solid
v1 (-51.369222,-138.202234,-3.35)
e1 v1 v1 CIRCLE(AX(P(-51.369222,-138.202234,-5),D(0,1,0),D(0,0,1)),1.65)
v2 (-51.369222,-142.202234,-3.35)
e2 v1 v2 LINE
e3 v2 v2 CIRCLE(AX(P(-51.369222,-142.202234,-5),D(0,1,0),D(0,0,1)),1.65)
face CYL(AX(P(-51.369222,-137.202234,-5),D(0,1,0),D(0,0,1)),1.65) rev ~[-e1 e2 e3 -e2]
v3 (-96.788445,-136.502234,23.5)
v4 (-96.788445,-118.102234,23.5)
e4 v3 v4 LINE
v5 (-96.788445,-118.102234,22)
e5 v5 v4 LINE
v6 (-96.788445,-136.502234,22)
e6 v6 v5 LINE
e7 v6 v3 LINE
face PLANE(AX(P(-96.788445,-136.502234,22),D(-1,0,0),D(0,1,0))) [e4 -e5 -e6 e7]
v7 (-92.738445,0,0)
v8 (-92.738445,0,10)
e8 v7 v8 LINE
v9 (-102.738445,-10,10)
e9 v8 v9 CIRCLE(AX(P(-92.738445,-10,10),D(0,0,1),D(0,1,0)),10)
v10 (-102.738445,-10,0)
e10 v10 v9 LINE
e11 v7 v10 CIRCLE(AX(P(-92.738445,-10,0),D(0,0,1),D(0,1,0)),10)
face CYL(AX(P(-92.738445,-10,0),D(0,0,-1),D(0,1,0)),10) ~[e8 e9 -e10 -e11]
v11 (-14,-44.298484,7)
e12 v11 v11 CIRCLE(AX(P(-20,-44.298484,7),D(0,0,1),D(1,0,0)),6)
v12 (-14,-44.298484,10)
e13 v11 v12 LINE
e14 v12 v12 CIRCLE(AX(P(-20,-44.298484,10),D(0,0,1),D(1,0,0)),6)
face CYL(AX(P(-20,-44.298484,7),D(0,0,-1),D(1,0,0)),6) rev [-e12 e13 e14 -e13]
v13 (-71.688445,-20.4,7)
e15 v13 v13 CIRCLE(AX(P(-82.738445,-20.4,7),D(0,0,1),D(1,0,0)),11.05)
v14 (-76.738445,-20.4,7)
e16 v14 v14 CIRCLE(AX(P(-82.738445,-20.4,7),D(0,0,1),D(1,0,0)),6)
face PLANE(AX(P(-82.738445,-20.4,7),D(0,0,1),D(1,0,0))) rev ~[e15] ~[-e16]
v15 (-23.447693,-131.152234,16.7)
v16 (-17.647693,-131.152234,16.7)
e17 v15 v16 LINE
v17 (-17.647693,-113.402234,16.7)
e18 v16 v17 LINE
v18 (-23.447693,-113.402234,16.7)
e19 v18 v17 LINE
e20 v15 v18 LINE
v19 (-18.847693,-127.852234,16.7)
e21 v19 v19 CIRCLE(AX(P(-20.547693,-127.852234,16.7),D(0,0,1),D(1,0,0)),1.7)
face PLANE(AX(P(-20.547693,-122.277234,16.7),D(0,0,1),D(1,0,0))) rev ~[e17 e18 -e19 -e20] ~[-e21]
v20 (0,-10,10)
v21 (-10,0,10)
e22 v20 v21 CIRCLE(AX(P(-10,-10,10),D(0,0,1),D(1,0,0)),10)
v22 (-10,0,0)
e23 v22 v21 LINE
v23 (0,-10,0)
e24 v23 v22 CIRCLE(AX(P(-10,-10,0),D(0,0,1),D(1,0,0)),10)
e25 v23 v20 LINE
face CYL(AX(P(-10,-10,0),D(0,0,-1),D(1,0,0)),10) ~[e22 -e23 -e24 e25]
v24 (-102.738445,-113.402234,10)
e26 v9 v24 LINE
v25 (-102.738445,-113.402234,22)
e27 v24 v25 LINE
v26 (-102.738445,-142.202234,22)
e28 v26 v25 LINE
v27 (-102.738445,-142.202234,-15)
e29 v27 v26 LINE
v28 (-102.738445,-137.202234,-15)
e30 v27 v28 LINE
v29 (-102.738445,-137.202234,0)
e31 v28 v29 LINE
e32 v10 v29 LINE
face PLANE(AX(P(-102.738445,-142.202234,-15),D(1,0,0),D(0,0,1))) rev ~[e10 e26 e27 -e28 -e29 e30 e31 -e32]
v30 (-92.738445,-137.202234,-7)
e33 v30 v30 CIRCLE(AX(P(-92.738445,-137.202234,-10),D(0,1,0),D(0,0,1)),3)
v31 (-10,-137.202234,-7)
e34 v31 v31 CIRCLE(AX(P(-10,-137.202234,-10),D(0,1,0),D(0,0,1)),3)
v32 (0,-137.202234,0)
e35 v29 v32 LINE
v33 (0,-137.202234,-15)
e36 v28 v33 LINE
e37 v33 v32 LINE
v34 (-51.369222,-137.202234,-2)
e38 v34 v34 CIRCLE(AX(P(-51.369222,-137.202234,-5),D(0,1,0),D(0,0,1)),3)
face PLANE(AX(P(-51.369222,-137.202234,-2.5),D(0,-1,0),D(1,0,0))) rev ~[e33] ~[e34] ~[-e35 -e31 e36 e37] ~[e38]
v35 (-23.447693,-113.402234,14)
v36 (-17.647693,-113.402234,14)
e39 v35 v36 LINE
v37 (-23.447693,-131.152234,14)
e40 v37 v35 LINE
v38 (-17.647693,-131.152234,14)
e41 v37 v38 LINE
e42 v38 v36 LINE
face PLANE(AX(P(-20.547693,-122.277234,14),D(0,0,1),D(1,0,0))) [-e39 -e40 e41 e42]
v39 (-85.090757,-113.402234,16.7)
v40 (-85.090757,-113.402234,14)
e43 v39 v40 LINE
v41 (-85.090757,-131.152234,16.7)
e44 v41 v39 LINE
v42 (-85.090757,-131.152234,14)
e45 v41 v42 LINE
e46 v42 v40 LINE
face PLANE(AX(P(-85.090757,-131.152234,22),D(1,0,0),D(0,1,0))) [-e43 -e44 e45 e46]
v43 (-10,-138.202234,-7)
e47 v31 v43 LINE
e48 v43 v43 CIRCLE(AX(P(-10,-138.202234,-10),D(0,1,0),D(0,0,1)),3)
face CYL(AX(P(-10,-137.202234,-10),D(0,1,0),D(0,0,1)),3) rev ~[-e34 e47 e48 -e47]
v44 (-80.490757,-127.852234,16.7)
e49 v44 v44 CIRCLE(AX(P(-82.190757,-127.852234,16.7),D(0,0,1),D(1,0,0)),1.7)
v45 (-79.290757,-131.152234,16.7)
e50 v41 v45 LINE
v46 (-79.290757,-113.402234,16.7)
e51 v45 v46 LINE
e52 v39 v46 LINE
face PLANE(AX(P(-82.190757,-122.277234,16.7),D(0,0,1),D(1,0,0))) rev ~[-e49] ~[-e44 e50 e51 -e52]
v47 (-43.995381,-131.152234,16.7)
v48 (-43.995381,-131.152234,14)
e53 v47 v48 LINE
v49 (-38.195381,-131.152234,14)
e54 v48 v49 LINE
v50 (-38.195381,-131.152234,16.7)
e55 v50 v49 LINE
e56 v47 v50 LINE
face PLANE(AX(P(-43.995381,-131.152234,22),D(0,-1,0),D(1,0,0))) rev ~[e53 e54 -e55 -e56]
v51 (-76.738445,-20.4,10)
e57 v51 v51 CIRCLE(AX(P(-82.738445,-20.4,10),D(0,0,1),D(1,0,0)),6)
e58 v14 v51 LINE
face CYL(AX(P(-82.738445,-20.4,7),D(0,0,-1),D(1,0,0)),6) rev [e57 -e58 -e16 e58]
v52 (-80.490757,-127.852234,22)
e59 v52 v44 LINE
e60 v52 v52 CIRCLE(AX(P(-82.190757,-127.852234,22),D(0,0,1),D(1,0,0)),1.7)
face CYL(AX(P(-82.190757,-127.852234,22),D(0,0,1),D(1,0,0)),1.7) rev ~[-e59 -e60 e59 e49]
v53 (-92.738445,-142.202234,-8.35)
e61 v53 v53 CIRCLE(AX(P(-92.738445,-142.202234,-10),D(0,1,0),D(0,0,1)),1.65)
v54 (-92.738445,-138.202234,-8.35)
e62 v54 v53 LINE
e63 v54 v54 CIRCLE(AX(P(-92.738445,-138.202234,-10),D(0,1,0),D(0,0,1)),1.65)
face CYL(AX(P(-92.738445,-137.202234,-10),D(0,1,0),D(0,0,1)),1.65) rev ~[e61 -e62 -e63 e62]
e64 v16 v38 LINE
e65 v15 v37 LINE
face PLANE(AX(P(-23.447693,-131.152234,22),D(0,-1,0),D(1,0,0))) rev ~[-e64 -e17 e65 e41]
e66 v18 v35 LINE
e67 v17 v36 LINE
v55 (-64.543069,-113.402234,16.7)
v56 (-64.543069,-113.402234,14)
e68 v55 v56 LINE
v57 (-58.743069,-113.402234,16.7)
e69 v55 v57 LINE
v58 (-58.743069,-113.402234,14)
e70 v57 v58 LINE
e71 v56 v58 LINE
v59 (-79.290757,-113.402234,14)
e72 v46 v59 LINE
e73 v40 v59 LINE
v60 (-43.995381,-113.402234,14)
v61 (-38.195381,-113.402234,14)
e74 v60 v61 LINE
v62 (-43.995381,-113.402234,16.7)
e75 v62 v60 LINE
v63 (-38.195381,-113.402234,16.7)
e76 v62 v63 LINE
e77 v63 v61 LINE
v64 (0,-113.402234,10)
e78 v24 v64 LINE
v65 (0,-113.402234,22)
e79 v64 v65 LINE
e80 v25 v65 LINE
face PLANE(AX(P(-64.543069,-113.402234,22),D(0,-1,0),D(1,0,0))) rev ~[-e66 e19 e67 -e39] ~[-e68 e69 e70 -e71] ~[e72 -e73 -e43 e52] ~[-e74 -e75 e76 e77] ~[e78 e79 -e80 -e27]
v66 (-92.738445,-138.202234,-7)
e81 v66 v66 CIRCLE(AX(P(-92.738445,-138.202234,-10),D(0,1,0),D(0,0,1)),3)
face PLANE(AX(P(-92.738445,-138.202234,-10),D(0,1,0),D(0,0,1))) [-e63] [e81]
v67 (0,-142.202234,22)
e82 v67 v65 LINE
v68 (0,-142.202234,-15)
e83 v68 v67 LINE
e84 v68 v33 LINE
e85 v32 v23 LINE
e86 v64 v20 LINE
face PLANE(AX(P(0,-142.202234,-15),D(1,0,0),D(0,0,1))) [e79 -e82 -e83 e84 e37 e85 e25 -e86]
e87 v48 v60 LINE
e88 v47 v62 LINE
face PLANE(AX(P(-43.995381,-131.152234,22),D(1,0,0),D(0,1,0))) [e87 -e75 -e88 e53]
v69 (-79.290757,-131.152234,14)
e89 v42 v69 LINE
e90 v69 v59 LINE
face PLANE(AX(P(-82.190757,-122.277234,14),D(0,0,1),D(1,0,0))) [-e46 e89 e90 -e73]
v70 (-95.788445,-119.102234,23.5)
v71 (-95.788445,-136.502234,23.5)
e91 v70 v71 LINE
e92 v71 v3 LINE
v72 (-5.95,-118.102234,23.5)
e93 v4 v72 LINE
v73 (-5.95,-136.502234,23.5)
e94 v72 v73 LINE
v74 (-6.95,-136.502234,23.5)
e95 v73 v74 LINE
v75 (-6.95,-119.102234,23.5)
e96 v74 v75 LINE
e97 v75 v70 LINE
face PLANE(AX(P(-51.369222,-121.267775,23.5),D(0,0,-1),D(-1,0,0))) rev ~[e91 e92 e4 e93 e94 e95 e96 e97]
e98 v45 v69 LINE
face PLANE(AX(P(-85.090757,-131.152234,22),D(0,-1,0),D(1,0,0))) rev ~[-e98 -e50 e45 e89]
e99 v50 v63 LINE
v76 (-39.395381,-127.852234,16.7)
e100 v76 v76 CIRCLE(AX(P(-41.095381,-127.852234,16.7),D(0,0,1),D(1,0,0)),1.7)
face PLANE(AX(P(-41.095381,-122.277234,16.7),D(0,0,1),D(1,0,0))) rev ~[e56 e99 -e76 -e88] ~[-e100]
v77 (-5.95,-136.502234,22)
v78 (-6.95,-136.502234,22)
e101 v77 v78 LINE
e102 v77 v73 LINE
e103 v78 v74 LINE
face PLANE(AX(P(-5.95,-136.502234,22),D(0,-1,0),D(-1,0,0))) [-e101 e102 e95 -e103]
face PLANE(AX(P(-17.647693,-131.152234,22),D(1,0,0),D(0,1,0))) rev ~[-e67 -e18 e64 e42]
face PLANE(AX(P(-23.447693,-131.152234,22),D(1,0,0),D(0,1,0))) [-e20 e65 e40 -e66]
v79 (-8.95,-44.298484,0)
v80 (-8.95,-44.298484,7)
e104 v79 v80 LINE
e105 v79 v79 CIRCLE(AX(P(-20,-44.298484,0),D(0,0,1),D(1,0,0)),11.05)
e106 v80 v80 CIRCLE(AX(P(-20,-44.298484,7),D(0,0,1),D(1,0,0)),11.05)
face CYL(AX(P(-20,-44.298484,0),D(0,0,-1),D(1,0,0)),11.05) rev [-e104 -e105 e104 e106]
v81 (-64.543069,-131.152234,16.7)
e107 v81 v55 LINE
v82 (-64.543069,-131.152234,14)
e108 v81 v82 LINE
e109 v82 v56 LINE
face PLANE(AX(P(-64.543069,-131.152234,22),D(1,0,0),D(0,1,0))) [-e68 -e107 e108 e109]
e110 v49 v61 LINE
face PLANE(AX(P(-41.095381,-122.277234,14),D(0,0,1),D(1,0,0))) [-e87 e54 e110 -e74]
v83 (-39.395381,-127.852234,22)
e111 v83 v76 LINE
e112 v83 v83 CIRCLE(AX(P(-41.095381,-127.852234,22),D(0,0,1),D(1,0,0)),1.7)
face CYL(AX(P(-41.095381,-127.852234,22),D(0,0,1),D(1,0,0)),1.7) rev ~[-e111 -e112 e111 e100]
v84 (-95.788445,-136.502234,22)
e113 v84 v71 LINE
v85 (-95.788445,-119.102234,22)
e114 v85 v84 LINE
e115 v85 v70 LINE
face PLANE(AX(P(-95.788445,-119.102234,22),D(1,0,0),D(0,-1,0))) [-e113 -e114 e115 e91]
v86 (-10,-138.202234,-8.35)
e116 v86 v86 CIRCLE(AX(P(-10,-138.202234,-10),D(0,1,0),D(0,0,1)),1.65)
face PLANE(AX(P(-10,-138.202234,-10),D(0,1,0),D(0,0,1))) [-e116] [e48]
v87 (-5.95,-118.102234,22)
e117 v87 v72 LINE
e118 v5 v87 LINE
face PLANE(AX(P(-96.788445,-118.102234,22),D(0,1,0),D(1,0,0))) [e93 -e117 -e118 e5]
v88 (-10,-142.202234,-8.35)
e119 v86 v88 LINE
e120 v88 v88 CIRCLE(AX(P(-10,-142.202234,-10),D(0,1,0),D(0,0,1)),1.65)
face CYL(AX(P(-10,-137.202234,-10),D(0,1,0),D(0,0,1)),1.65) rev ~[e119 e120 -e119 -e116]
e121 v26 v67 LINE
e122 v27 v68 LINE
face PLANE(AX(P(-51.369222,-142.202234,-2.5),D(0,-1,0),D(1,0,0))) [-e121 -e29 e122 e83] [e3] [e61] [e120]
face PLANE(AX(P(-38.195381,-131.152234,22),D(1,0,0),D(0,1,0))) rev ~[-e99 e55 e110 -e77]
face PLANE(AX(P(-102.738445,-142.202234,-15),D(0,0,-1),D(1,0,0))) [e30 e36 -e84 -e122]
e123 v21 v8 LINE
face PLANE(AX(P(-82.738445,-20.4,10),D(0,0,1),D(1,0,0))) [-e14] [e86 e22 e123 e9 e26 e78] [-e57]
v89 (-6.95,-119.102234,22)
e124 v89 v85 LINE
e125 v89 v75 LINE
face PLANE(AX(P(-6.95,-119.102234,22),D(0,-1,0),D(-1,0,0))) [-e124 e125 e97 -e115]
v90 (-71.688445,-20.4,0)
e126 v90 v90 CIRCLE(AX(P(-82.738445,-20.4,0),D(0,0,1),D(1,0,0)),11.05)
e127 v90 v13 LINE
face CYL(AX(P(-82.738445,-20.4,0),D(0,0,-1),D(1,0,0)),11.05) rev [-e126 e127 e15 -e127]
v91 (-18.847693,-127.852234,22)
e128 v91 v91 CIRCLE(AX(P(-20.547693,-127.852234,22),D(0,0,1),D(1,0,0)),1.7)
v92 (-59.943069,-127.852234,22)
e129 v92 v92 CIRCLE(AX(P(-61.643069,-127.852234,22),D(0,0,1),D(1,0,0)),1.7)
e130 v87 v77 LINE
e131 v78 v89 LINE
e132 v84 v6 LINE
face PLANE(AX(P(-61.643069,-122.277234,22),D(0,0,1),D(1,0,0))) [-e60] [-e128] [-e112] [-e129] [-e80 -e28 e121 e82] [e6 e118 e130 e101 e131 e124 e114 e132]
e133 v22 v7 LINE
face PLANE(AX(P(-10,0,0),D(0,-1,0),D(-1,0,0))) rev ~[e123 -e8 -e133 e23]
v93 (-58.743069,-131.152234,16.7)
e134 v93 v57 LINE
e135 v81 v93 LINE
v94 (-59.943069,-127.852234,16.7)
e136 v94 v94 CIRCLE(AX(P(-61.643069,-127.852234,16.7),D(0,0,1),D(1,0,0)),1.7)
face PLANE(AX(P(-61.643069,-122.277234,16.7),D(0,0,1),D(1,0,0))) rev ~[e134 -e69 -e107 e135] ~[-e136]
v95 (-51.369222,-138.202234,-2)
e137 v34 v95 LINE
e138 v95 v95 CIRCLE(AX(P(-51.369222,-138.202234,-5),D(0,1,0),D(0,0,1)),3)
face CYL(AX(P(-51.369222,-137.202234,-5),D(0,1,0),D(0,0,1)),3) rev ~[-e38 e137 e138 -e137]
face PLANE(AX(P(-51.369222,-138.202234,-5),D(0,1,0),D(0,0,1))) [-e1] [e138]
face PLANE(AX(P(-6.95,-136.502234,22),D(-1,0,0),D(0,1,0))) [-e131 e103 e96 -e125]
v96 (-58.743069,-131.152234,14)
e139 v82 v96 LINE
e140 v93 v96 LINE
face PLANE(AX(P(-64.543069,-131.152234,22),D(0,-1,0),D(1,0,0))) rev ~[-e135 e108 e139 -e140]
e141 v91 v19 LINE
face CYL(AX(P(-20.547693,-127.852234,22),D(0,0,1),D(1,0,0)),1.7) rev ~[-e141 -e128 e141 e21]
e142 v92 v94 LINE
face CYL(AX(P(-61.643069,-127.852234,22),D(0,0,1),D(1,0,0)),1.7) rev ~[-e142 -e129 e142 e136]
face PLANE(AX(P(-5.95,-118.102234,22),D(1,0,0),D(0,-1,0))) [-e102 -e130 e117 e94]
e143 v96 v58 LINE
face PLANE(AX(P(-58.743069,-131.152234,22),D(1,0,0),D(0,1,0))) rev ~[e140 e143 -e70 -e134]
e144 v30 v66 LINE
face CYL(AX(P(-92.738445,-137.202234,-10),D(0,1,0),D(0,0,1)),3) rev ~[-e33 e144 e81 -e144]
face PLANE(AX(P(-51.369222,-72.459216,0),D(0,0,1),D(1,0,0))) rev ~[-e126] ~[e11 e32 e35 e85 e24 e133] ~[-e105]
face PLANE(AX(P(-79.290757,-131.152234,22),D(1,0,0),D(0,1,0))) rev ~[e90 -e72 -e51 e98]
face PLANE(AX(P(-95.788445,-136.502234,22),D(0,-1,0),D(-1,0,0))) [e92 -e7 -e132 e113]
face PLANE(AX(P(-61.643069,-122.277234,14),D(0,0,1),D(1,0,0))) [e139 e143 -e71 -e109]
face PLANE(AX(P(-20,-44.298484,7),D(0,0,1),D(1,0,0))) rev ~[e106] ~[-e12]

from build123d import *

# Parameters (mm, degrees)
SKETCH2_R           = 11.05
BOSS_EXTRUDE2_DEPTH = 10
BOSS_EXTRUDE3_START = 7
SKETCH2_4_R         = 11.05
SKETCH2_4_R_2       = 6
BOSS_EXTRUDE3_DEPTH = 3
SKETCH3_W           = 102.73844499
SKETCH3_H           = 28.8
BOSS_EXTRUDE4_DEPTH = 12
SKETCH4_W           = 5.8
SKETCH4_H           = 17.75
CUT_EXTRUDE2_DEPTH  = 8
SKETCH4_7_W         = 5.8
SKETCH4_7_H         = 17.75
SKETCH4_7_R         = 1.7
BOSS_EXTRUDE5_DEPTH = 5.3
BOSS_EXTRUDE6_DEPTH = 1.5
SKETCH6_W           = 102.73844499
SKETCH6_H           = 25
BOSS_EXTRUDE7_DEPTH = 5
SKETCH7_R           = 1.65
CUT_EXTRUDE3_DEPTH  = 5
SKETCH7_6_R         = 3
SKETCH7_6_R_2       = 1.65
CUT_EXTRUDE4_DEPTH  = 1


with BuildPart() as part:
    # Sketch2 → Boss-Extrude2 (new body)
    with BuildSketch(Plane.XY):
        with BuildLine():
            ThreePointArc((0, -10), (-2.928932188, -2.928932188), (-10, 0))
            Line((-10, 0), (-92.73844499, 0))
            ThreePointArc((-92.73844499, 0), (-99.809512802, -2.928932188), (-102.73844499, -10))
            Line((-102.73844499, -10), (-102.73844499, -142.20223365))
            Line((-102.73844499, -142.20223365), (0, -142.20223365))
            Line((0, -142.20223365), (0, -10))
        make_face()
        with Locations((-82.73844499, -20.4)):
            Circle(SKETCH2_R, mode=Mode.SUBTRACT)
        with Locations((-20, -44.29848365)):
            Circle(SKETCH2_R, mode=Mode.SUBTRACT)
    extrude(amount=BOSS_EXTRUDE2_DEPTH)

    # Sketch2<4> → Boss-Extrude3 (add)
    # profile 1 of 2: a face of its own
    with BuildSketch(Plane.XY.offset(BOSS_EXTRUDE3_START)):
        with Locations((-82.73844499, -20.4)):
            Circle(SKETCH2_4_R)
        with Locations((-82.73844499, -20.4)):
            Circle(SKETCH2_4_R_2, mode=Mode.SUBTRACT)
    # profile 2 of 2: a face of its own
    with BuildSketch(Plane.XY.offset(BOSS_EXTRUDE3_START)):
        with Locations((-20, -44.29848365)):
            Circle(SKETCH2_4_R)
        with Locations((-20, -44.29848365)):
            Circle(SKETCH2_4_R_2, mode=Mode.SUBTRACT)
    extrude(amount=BOSS_EXTRUDE3_DEPTH)

    # Sketch3 → Boss-Extrude4 (add)
    with BuildSketch(Plane.XY.offset(10)):
        with Locations((-51.369222495, -127.80223365)):
            Rectangle(SKETCH3_W, SKETCH3_H)
    extrude(amount=BOSS_EXTRUDE4_DEPTH)

    # Sketch4 → Cut-Extrude2 (cut)
    with BuildSketch(Plane.XY.offset(22)):
        with Locations((-61.64306899, -122.27723365)):
            Rectangle(SKETCH4_W, SKETCH4_H)
        with Locations((-82.19075699, -122.27723365)):
            Rectangle(SKETCH4_W, SKETCH4_H)
        with Locations((-41.09538099, -122.27723365)):
            Rectangle(SKETCH4_W, SKETCH4_H)
        with Locations((-20.54769299, -122.27723365)):
            Rectangle(SKETCH4_W, SKETCH4_H)
    extrude(amount=-CUT_EXTRUDE2_DEPTH, mode=Mode.SUBTRACT)

    # Sketch4<7> → Boss-Extrude5 (add)
    # profile 1 of 4: a face of its own
    with BuildSketch(Plane.XY.offset(22)):
        with Locations((-61.64306899, -122.27723365)):
            Rectangle(SKETCH4_7_W, SKETCH4_7_H)
        with Locations((-61.64306899, -127.85223365)):
            Circle(SKETCH4_7_R, mode=Mode.SUBTRACT)
    # profile 2 of 4: a face of its own
    with BuildSketch(Plane.XY.offset(22)):
        with Locations((-82.19075699, -122.27723365)):
            Rectangle(SKETCH4_7_W, SKETCH4_7_H)
        with Locations((-82.19075699, -127.85223365)):
            Circle(SKETCH4_7_R, mode=Mode.SUBTRACT)
    # profile 3 of 4: a face of its own
    with BuildSketch(Plane.XY.offset(22)):
        with Locations((-41.09538099, -122.27723365)):
            Rectangle(SKETCH4_7_W, SKETCH4_7_H)
        with Locations((-41.09538099, -127.85223365)):
            Circle(SKETCH4_7_R, mode=Mode.SUBTRACT)
    # profile 4 of 4: a face of its own
    with BuildSketch(Plane.XY.offset(22)):
        with Locations((-20.54769299, -122.27723365)):
            Rectangle(SKETCH4_7_W, SKETCH4_7_H)
        with Locations((-20.54769299, -127.85223365)):
            Circle(SKETCH4_7_R, mode=Mode.SUBTRACT)
    extrude(amount=-BOSS_EXTRUDE5_DEPTH)

    # Sketch5 → Boss-Extrude6 (add)
    with BuildSketch(Plane.XY.offset(22)):
        Polygon((-95.78844499, -136.50223365), (-96.78844499, -136.50223365), (-96.78844499, -118.10223365), (-5.95, -118.10223365), (-5.95, -136.50223365), (-6.95, -136.50223365), (-6.95, -119.10223365), (-95.78844499, -119.10223365), align=None)
    extrude(amount=BOSS_EXTRUDE6_DEPTH)

    # Sketch6 → Boss-Extrude7 (add)
    with BuildSketch(Plane.XZ.offset(142.20223365)):
        with Locations((-51.369222495, -2.5)):
            Rectangle(SKETCH6_W, SKETCH6_H)
    extrude(amount=-BOSS_EXTRUDE7_DEPTH)

    # Sketch7 → Cut-Extrude3 (cut)
    with BuildSketch(Plane(origin=(-101.64020113, -137.20223365, -23.052849439), x_dir=(-1, 0, 0), z_dir=(0, 1, 0))):
        with Locations((-91.64020113, 13.052849439)):
            Circle(SKETCH7_R)
        with Locations((-50.270978635, 18.052849439)):
            Circle(SKETCH7_R)
        with Locations((-8.90175614, 13.052849439)):
            Circle(SKETCH7_R)
    extrude(amount=-CUT_EXTRUDE3_DEPTH, mode=Mode.SUBTRACT)

    # Sketch7<6> → Cut-Extrude4 (cut)
    # profile 1 of 3: a face of its own
    with BuildSketch(Plane(origin=(-101.64020113, -137.20223365, -23.052849439), x_dir=(-1, 0, 0), z_dir=(0, 1, 0))):
        with Locations((-91.64020113, 13.052849439)):
            Circle(SKETCH7_6_R)
        with Locations((-91.64020113, 13.052849439)):
            Circle(SKETCH7_6_R_2, mode=Mode.SUBTRACT)
    # profile 2 of 3: a face of its own
    with BuildSketch(Plane(origin=(-101.64020113, -137.20223365, -23.052849439), x_dir=(-1, 0, 0), z_dir=(0, 1, 0))):
        with Locations((-50.270978635, 18.052849439)):
            Circle(SKETCH7_6_R)
        with Locations((-50.270978635, 18.052849439)):
            Circle(SKETCH7_6_R_2, mode=Mode.SUBTRACT)
    # profile 3 of 3: a face of its own
    with BuildSketch(Plane(origin=(-101.64020113, -137.20223365, -23.052849439), x_dir=(-1, 0, 0), z_dir=(0, 1, 0))):
        with Locations((-8.90175614, 13.052849439)):
            Circle(SKETCH7_6_R)
        with Locations((-8.90175614, 13.052849439)):
            Circle(SKETCH7_6_R_2, mode=Mode.SUBTRACT)
    extrude(amount=-CUT_EXTRUDE4_DEPTH, mode=Mode.SUBTRACT)


solid = part.part
